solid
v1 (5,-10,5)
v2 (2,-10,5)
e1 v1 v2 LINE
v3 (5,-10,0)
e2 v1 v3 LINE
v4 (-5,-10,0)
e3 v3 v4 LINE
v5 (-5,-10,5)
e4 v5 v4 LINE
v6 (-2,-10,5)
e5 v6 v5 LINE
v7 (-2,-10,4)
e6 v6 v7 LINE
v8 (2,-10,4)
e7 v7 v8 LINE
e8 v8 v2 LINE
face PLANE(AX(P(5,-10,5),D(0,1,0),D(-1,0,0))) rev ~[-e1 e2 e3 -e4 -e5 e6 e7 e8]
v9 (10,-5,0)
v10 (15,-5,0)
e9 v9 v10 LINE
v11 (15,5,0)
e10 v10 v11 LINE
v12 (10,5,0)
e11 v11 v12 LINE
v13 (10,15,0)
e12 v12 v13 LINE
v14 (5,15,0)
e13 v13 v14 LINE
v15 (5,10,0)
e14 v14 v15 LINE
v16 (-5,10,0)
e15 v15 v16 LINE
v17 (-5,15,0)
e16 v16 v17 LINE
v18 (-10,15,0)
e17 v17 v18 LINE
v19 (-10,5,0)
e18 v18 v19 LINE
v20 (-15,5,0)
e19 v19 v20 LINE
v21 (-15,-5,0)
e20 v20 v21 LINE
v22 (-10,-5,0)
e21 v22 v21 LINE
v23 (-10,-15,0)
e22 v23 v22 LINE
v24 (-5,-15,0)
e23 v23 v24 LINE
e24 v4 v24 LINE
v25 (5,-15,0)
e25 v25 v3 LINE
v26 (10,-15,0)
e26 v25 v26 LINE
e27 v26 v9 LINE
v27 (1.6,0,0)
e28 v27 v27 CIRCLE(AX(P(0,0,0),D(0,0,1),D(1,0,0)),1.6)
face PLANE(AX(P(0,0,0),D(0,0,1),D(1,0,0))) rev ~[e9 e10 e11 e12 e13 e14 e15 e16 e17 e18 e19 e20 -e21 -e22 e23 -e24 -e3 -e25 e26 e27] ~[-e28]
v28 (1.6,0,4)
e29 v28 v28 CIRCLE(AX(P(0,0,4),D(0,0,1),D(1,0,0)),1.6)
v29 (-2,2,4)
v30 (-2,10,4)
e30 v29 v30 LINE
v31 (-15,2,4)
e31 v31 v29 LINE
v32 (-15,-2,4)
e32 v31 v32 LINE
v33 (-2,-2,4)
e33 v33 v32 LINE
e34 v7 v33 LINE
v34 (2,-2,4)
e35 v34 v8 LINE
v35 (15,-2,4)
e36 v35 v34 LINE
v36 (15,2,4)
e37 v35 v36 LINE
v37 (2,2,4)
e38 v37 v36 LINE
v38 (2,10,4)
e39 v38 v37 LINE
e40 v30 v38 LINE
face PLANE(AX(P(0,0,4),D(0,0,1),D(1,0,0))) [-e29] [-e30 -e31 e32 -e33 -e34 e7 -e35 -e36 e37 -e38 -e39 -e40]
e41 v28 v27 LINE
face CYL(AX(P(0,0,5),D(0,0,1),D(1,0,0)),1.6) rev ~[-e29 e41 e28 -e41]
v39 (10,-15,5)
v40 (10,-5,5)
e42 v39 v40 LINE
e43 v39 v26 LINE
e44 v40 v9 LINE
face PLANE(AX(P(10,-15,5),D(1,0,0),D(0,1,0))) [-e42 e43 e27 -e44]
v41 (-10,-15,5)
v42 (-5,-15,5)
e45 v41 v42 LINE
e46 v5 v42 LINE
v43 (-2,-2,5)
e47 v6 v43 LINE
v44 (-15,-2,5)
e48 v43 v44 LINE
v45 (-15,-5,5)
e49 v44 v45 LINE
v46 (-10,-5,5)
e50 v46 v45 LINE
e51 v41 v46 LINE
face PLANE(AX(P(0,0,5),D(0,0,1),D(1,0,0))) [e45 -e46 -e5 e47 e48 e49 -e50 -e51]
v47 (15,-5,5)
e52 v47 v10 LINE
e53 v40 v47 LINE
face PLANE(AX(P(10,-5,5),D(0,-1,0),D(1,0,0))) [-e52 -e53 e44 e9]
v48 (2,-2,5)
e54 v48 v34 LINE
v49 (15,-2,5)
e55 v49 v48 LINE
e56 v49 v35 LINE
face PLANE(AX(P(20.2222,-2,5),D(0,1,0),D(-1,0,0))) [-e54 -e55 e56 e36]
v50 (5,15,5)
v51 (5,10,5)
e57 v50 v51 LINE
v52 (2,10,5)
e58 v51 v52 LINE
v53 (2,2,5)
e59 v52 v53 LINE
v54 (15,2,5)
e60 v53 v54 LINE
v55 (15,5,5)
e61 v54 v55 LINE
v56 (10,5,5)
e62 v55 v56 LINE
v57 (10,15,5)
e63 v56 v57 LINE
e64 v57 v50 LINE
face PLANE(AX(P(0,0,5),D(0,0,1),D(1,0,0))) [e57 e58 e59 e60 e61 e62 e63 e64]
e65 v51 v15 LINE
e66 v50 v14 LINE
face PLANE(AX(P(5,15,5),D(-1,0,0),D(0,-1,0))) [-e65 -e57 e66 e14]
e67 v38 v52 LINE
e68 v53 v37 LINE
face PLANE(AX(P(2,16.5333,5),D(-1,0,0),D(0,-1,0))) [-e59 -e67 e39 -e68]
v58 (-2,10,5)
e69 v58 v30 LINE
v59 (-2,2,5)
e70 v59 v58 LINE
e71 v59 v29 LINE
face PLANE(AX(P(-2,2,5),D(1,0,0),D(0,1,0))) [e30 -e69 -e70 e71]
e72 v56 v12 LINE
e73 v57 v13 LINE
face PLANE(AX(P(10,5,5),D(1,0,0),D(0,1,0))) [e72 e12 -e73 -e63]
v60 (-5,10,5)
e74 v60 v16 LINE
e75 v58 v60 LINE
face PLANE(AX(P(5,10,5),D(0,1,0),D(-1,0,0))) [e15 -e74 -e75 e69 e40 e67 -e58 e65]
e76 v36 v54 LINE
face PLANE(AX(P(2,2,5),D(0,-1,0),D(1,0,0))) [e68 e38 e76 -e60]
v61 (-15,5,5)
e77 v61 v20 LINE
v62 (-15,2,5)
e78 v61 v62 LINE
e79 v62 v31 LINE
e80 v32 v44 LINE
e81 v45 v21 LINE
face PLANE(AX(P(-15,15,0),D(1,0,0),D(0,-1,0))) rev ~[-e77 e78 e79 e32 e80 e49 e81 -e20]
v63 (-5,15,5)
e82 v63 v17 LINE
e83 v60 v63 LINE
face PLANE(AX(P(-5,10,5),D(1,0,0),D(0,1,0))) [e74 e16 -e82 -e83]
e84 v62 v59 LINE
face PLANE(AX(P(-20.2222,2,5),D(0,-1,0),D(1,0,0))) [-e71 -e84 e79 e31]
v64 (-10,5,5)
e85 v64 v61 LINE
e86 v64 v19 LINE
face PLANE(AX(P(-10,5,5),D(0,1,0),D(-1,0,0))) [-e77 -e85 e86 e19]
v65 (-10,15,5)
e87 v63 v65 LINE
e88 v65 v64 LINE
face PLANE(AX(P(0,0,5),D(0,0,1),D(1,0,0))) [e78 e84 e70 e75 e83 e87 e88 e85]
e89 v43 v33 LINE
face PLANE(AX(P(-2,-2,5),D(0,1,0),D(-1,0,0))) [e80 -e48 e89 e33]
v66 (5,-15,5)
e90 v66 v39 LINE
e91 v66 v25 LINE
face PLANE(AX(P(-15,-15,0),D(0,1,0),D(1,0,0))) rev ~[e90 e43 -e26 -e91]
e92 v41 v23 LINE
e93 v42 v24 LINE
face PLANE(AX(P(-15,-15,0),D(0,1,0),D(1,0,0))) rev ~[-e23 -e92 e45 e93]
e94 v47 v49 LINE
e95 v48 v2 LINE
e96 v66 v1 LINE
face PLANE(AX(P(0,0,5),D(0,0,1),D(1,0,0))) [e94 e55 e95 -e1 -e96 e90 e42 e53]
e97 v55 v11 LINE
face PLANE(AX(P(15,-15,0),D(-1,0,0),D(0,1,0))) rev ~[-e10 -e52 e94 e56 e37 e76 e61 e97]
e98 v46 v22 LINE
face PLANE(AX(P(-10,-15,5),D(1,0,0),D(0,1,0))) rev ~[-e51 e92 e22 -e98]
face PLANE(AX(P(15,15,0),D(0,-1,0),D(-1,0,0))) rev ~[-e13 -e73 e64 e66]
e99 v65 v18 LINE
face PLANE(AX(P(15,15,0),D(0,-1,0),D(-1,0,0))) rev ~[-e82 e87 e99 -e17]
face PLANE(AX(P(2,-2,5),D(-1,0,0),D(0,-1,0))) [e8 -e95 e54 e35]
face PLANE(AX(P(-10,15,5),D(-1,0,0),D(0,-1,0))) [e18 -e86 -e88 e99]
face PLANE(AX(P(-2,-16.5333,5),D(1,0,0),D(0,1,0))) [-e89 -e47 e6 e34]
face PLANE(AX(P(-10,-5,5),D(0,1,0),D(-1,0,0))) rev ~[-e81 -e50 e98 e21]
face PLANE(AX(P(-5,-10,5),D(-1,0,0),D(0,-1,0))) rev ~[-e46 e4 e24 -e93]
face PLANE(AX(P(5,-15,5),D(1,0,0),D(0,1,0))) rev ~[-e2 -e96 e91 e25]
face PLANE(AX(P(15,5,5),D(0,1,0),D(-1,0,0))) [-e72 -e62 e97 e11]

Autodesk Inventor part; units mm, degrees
ref_plane "YZ Plane" through (0, 0, 0) normal (1, 0, 0) x (0, 1, 0)
ref_plane "XZ Plane" through (0, 0, 0) normal (0, 1, 0) x (-1, 0, 0)
ref_plane "XY Plane" through (0, 0, 0) normal (0, 0, 1) x (1, 0, 0)
sketch "スケッチ1" plane through (0, 0, 0) normal (0, 0, 1) x (1, 0, 0)
  line L0 (-15, -15) -> (15, -15)
  line L1 (15, -15) -> (15, 15)
  line L2 (15, 15) -> (-15, 15)
  line L3 (-15, 15) -> (-15, -15)
  line L4 (-15, -15) -> (15, 15) construction
  line L5 (15, -15) -> (-15, 15) construction
  point P0 (0, 0)
  dimension "d2" = 30
  dimension "d3" = 30
extrude "押し出し1" add sketch "スケッチ1" along normal blind 5
sketch "スケッチ2" plane through (0, 0, 5) normal (0, 0, 1) x (1, 0, 0)
  line L0 (-15, 15) -> (-10, 15)
  line L1 (-10, 15) -> (-10, 5)
  line L2 (-10, 5) -> (-15, 5)
  line L3 (-15, 5) -> (-15, 15)
  line L4 (-15, -15) -> (-10, -15)
  line L5 (-10, -15) -> (-10, -5)
  line L6 (-10, -5) -> (-15, -5)
  line L7 (-15, -5) -> (-15, -15)
  line L8 (15, 15) -> (-15, 15) projected
  line L9 (10, 15) -> (15, 15)
  line L10 (15, 15) -> (15, 5)
  line L11 (15, 5) -> (10, 5)
  line L12 (10, 5) -> (10, 15)
  line L13 (15, -15) -> (10, -15)
  line L14 (10, -15) -> (10, -5)
  line L15 (10, -5) -> (15, -5)
  line L16 (15, -5) -> (15, -15)
  line L17 (-5, 15) -> (5, 15)
  line L18 (5, 15) -> (5, 10)
  line L19 (5, 10) -> (-5, 10)
  line L20 (-5, 10) -> (-5, 15)
  line L21 (-15, -15) -> (15, -15) projected
  line L22 (-5, -15) -> (5, -15)
  line L23 (5, -15) -> (5, -10)
  line L24 (5, -10) -> (-5, -10)
  line L25 (-5, -10) -> (-5, -15)
  point P0 (0, 0)
  dimension "d6" = 10
  dimension "d7" = 10
  dimension "d8" = 5
  dimension "d9" = 10
  dimension "d10" = 5
  dimension "d11" = 5
  dimension "d12" = 10
  dimension "d13" = 10
  dimension "d14" = 5
  dimension "d15" = 5
  dimension "d16" = 5
extrude "押し出し2" cut sketch "スケッチ2" against normal blind 5
sketch "スケッチ4" plane through (0, 0, 5) normal (0, 0, 1) x (1, 0, 0)
  line L0 (-20.2222, 2) -> (20.2222, 2)
  line L1 (20.2222, 2) -> (20.2222, -2)
  line L2 (20.2222, -2) -> (-20.2222, -2)
  line L3 (-20.2222, -2) -> (-20.2222, 2)
  line L4 (-20.2222, 2) -> (20.2222, -2) construction
  line L5 (20.2222, 2) -> (-20.2222, -2) construction
  line L6 (-2, 16.5333) -> (2, 16.5333)
  line L7 (2, 16.5333) -> (2, -16.5333)
  line L8 (2, -16.5333) -> (-2, -16.5333)
  line L9 (-2, -16.5333) -> (-2, 16.5333)
  line L10 (-2, 16.5333) -> (2, -16.5333) construction
  line L11 (2, 16.5333) -> (-2, -16.5333) construction
  point P0 (0, 0)
  dimension "d19" = 4
  dimension "d20" = 4
extrude "押し出し3" cut sketch "スケッチ4" against normal blind 1
sketch "スケッチ5" plane through (0, 0, 5) normal (0, 0, 1) x (1, 0, 0)
  circle A0 centre (0, 0) radius 1.6
  dimension "d23" = 3.2
extrude "押し出し4" cut sketch "スケッチ5" against normal up to next
sketch "スケッチ7" plane through (0, 0, 5) normal (0, 0, 1) x (1, 0, 0)
  line L0 (-10, 5) -> (-11.0607, 6.0607) construction
  circle A0 centre (-11.0607, 6.0607) radius 1.5
  line L1 (-10, 5) -> (-15, 5) construction
  line L2 (-5, 10) -> (-3.8771, 10) construction
  line L3 (-2, 10) -> (-5, 10) projected
  line L4 (-5, 10) -> (-3.9393, 11.0607) construction
  circle A1 centre (-3.9393, 11.0607) radius 1.5
  line L5 (0, 0) -> (-3.2296, 0)
  line L6 (0, 0) -> (0, 2.4653)
  line L7 (10, 5) -> (11.0607, 6.0607) construction
  circle A2 centre (11.0607, 6.0607) radius 1.5
  line L8 (10, 5) -> (15, 5) construction
  line L9 (5, 10) -> (3.8771, 10) construction
  line L10 (2, 10) -> (5, 10)
  line L11 (5, 10) -> (3.9393, 11.0607) construction
  circle A3 centre (3.9393, 11.0607) radius 1.5
  line L12 (-10, -5) -> (-11.0607, -6.0607) construction
  circle A4 centre (-11.0607, -6.0607) radius 1.5
  line L13 (-10, -5) -> (-15, -5) construction
  line L14 (-5, -10) -> (-3.8771, -10) construction
  line L15 (-2, -10) -> (-5, -10)
  line L16 (-5, -10) -> (-3.9393, -11.0607) construction
  circle A5 centre (-3.9393, -11.0607) radius 1.5
  line L17 (10, -5) -> (11.0607, -6.0607) construction
  circle A6 centre (11.0607, -6.0607) radius 1.5
  line L18 (10, -5) -> (15, -5) construction
  line L19 (5, -10) -> (3.8771, -10) construction
  line L20 (2, -10) -> (5, -10)
  line L21 (5, -10) -> (3.9393, -11.0607) construction
  circle A7 centre (3.9393, -11.0607) radius 1.5
  dimension "d27" = 3
  dimension "d29" = 3
  dimension "d26" = 45
  dimension "d28" = 45
extrude "押し出し5" [suppressed]
properties part number "piece_1"
